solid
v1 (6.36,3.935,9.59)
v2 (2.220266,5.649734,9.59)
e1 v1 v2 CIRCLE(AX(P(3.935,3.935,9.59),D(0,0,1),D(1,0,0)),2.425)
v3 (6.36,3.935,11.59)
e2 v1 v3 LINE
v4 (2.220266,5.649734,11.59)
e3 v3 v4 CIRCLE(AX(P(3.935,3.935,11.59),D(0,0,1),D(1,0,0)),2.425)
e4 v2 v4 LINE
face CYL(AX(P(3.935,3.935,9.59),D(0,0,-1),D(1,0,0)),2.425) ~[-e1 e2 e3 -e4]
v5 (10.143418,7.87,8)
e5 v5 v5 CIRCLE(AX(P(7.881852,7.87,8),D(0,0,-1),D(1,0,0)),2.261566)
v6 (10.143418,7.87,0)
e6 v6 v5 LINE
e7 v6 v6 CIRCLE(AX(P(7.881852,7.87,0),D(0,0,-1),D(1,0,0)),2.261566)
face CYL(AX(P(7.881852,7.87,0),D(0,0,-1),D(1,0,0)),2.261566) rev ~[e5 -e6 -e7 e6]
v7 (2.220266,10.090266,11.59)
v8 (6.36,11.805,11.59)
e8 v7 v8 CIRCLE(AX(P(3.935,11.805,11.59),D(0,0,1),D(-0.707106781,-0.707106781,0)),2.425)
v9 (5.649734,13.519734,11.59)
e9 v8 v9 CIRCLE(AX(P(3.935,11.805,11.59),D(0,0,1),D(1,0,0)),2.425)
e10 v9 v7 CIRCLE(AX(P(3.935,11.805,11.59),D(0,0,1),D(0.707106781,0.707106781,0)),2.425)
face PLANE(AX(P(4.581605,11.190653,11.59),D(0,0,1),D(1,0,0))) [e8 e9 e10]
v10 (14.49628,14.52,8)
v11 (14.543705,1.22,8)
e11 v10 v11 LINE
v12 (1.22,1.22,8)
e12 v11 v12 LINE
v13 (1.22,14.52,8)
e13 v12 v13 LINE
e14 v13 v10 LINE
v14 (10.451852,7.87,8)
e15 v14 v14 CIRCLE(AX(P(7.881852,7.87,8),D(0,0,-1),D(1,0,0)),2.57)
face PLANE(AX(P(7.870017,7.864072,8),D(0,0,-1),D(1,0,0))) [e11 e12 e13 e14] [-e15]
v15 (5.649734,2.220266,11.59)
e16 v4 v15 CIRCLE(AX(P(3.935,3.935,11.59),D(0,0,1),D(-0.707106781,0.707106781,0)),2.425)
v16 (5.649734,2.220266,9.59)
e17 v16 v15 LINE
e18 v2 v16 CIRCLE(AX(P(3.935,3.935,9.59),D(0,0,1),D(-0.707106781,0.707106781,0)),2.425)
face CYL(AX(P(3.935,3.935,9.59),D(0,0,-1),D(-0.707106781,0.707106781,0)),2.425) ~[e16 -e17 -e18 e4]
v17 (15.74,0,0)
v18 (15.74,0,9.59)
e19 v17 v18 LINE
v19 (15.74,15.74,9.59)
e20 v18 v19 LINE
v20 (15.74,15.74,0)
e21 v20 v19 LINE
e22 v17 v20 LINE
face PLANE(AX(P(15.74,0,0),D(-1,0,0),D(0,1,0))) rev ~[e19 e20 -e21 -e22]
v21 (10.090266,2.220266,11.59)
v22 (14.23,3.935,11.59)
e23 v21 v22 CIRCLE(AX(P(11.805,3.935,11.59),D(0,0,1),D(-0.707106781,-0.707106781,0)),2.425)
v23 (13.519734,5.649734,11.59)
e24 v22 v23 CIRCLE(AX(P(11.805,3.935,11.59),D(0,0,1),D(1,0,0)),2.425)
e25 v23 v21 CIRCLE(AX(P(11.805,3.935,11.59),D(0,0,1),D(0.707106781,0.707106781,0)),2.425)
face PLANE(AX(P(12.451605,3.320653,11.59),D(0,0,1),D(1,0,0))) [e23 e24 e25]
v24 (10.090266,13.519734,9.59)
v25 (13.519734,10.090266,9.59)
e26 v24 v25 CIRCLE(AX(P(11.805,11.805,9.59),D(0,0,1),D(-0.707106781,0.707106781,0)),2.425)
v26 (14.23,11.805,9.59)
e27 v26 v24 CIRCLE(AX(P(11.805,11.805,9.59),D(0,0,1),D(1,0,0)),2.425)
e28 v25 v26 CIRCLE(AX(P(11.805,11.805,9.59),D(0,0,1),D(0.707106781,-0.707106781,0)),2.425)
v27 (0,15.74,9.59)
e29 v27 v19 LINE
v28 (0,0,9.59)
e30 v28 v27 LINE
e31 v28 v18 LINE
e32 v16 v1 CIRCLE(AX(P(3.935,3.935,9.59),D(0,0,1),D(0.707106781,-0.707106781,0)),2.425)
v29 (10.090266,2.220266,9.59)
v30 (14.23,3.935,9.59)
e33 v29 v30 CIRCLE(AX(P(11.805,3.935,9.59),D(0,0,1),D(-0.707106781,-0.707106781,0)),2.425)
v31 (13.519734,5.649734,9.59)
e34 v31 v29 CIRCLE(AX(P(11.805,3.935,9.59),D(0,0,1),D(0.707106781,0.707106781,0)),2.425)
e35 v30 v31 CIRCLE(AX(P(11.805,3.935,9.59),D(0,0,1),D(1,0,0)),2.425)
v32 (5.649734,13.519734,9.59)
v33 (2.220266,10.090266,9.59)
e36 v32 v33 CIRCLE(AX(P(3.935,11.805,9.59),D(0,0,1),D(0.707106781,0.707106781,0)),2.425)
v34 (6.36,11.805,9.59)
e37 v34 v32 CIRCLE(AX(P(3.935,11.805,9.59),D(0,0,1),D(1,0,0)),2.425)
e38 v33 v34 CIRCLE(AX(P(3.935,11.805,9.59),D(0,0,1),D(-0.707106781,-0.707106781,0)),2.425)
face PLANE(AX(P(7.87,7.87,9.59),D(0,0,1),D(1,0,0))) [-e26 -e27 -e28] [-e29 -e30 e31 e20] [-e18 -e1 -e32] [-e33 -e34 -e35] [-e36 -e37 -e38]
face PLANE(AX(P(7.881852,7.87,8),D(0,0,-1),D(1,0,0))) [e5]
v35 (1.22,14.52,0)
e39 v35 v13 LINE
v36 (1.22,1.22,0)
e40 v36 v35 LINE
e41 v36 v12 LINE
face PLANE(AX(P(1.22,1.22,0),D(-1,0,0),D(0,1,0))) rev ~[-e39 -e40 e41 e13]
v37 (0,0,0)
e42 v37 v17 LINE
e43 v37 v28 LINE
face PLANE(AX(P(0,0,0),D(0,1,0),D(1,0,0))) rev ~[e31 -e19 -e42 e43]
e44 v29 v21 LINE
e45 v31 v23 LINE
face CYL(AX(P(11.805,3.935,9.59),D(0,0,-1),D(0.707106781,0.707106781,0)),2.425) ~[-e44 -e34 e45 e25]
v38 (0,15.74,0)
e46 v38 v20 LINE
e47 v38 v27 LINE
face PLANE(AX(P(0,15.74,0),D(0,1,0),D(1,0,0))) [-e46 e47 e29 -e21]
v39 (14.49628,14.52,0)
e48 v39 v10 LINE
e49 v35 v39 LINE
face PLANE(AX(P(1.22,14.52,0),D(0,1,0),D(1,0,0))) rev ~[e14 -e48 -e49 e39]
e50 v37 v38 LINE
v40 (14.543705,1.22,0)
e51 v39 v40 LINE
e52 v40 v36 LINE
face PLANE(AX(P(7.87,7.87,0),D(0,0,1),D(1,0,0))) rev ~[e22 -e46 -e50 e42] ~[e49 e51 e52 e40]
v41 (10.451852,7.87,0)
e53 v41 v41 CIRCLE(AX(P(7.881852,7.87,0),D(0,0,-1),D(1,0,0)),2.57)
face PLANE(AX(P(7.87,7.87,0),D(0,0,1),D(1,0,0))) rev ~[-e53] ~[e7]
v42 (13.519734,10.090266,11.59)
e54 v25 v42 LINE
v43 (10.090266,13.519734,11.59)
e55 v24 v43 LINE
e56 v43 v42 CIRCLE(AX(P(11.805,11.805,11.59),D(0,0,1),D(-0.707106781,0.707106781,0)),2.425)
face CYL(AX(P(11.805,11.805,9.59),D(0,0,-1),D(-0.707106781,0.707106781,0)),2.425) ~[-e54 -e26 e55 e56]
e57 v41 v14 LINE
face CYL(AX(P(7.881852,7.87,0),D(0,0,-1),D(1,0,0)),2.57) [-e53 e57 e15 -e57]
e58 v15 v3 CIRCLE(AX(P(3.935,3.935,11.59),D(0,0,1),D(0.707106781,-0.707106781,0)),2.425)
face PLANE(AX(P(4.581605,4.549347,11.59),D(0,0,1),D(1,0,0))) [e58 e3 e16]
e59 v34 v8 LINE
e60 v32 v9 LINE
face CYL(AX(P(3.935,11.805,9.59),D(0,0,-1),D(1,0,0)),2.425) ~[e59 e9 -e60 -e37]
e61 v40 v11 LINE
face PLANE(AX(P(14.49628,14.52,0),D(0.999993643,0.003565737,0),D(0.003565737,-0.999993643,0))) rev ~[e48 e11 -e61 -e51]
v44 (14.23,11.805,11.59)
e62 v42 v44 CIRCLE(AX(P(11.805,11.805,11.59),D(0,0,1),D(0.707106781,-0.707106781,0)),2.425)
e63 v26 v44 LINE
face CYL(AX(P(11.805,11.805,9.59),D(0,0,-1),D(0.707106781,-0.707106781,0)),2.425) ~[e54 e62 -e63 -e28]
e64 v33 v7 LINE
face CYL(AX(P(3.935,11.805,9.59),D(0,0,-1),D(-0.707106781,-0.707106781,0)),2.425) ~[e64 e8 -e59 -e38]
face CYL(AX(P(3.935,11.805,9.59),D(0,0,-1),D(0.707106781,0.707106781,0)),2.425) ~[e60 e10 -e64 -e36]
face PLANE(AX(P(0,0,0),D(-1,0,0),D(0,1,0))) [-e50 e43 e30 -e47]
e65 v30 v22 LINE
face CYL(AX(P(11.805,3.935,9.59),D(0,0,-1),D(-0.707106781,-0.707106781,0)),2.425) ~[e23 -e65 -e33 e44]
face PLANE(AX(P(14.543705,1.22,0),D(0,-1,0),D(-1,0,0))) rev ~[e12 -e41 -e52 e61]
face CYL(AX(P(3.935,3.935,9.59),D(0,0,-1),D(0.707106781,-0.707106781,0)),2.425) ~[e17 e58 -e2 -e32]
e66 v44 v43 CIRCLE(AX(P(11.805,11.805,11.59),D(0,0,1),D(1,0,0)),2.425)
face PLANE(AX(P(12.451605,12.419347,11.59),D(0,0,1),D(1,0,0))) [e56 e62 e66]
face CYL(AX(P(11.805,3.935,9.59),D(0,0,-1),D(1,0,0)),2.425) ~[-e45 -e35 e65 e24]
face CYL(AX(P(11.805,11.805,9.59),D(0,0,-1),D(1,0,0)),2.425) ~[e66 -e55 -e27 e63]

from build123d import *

# Parameters (mm, degrees)
F0_W     = 15.74
F0_H     = 15.74
F1_DEPTH = 9.59
F3_DEPTH = 2
F4_R     = 2.57
F5_DEPTH = 8
F4_R_2   = 2.2615660893
F6_DEPTH = 8


with BuildPart() as f1:
    # F0 (on Top) → F1 (new body)
    with BuildSketch(Plane.XY):
        with Locations((7.87, 7.87)):
            Rectangle(F0_W, F0_H)
    extrude(amount=F1_DEPTH)

    # F2 (on face) → F3 (join)
    with BuildSketch(Plane.XY.offset(9.59)):
        with BuildLine():
            ThreePointArc((6.36, 11.805), (6.1754078663, 12.7330073235), (5.6497339444, 13.5197339444))
            Line((5.6497339444, 13.5197339444), (2.2202660556, 10.0902660556))
            ThreePointArc((2.2202660556, 10.0902660556), (4.8630073235, 9.5645921337), (6.36, 11.805))
        make_face()
        with BuildLine():
            Line((2.2202660556, 10.0902660556), (5.6497339444, 13.5197339444))
            ThreePointArc((5.6497339444, 13.5197339444), (2.2202660556, 13.5197339444), (2.2202660556, 10.0902660556))
        make_face()
        with BuildLine():
            ThreePointArc((14.23, 11.805), (12.7330073235, 14.0454078663), (10.0902660556, 13.5197339444))
            Line((10.0902660556, 13.5197339444), (13.5197339444, 10.0902660556))
            ThreePointArc((13.5197339444, 10.0902660556), (14.0454078663, 10.8769926765), (14.23, 11.805))
        make_face()
        with BuildLine():
            Line((13.5197339444, 10.0902660556), (10.0902660556, 13.5197339444))
            ThreePointArc((10.0902660556, 13.5197339444), (10.0902660556, 10.0902660556), (13.5197339444, 10.0902660556))
        make_face()
        with BuildLine():
            Line((13.5197339444, 5.6497339444), (10.0902660556, 2.2202660556))
            ThreePointArc((10.0902660556, 2.2202660556), (12.7330073235, 1.6945921337), (14.23, 3.935))
            ThreePointArc((14.23, 3.935), (14.0454078663, 4.8630073235), (13.5197339444, 5.6497339444))
        make_face()
        with BuildLine():
            ThreePointArc((13.5197339444, 5.6497339444), (10.0902660556, 5.6497339444), (10.0902660556, 2.2202660556))
            Line((10.0902660556, 2.2202660556), (13.5197339444, 5.6497339444))
        make_face()
        with BuildLine():
            Line((2.2202660556, 5.6497339444), (5.6497339444, 2.2202660556))
            ThreePointArc((5.6497339444, 2.2202660556), (6.1754078663, 3.0069926765), (6.36, 3.935))
            ThreePointArc((6.36, 3.935), (4.8630073235, 6.1754078663), (2.2202660556, 5.6497339444))
        make_face()
        with BuildLine():
            ThreePointArc((2.2202660556, 5.6497339444), (2.2202660556, 2.2202660556), (5.6497339444, 2.2202660556))
            Line((5.6497339444, 2.2202660556), (2.2202660556, 5.6497339444))
        make_face()
    extrude(amount=F3_DEPTH)

    # F4 (on face) → F5 (cut)
    with BuildSketch(Plane(origin=(0, 0, 0), x_dir=(1, 0, 0), z_dir=(0, 0, -1))):
        Polygon((14.5437045489, -1.22), (1.22, -1.22), (1.22, -14.52), (14.4962799393, -14.52), align=None)
        with Locations((7.8818522745, -7.87)):
            Circle(F4_R, mode=Mode.SUBTRACT)
    extrude(amount=-F5_DEPTH, mode=Mode.SUBTRACT)

    # F4 (on face) → F6 (cut)
    with BuildSketch(Plane(origin=(0, 0, 0), x_dir=(1, 0, 0), z_dir=(0, 0, -1))):
        with Locations((7.8818522745, -7.87)):
            Circle(F4_R_2)
    extrude(amount=-F6_DEPTH, mode=Mode.SUBTRACT)


solid = f1.part
